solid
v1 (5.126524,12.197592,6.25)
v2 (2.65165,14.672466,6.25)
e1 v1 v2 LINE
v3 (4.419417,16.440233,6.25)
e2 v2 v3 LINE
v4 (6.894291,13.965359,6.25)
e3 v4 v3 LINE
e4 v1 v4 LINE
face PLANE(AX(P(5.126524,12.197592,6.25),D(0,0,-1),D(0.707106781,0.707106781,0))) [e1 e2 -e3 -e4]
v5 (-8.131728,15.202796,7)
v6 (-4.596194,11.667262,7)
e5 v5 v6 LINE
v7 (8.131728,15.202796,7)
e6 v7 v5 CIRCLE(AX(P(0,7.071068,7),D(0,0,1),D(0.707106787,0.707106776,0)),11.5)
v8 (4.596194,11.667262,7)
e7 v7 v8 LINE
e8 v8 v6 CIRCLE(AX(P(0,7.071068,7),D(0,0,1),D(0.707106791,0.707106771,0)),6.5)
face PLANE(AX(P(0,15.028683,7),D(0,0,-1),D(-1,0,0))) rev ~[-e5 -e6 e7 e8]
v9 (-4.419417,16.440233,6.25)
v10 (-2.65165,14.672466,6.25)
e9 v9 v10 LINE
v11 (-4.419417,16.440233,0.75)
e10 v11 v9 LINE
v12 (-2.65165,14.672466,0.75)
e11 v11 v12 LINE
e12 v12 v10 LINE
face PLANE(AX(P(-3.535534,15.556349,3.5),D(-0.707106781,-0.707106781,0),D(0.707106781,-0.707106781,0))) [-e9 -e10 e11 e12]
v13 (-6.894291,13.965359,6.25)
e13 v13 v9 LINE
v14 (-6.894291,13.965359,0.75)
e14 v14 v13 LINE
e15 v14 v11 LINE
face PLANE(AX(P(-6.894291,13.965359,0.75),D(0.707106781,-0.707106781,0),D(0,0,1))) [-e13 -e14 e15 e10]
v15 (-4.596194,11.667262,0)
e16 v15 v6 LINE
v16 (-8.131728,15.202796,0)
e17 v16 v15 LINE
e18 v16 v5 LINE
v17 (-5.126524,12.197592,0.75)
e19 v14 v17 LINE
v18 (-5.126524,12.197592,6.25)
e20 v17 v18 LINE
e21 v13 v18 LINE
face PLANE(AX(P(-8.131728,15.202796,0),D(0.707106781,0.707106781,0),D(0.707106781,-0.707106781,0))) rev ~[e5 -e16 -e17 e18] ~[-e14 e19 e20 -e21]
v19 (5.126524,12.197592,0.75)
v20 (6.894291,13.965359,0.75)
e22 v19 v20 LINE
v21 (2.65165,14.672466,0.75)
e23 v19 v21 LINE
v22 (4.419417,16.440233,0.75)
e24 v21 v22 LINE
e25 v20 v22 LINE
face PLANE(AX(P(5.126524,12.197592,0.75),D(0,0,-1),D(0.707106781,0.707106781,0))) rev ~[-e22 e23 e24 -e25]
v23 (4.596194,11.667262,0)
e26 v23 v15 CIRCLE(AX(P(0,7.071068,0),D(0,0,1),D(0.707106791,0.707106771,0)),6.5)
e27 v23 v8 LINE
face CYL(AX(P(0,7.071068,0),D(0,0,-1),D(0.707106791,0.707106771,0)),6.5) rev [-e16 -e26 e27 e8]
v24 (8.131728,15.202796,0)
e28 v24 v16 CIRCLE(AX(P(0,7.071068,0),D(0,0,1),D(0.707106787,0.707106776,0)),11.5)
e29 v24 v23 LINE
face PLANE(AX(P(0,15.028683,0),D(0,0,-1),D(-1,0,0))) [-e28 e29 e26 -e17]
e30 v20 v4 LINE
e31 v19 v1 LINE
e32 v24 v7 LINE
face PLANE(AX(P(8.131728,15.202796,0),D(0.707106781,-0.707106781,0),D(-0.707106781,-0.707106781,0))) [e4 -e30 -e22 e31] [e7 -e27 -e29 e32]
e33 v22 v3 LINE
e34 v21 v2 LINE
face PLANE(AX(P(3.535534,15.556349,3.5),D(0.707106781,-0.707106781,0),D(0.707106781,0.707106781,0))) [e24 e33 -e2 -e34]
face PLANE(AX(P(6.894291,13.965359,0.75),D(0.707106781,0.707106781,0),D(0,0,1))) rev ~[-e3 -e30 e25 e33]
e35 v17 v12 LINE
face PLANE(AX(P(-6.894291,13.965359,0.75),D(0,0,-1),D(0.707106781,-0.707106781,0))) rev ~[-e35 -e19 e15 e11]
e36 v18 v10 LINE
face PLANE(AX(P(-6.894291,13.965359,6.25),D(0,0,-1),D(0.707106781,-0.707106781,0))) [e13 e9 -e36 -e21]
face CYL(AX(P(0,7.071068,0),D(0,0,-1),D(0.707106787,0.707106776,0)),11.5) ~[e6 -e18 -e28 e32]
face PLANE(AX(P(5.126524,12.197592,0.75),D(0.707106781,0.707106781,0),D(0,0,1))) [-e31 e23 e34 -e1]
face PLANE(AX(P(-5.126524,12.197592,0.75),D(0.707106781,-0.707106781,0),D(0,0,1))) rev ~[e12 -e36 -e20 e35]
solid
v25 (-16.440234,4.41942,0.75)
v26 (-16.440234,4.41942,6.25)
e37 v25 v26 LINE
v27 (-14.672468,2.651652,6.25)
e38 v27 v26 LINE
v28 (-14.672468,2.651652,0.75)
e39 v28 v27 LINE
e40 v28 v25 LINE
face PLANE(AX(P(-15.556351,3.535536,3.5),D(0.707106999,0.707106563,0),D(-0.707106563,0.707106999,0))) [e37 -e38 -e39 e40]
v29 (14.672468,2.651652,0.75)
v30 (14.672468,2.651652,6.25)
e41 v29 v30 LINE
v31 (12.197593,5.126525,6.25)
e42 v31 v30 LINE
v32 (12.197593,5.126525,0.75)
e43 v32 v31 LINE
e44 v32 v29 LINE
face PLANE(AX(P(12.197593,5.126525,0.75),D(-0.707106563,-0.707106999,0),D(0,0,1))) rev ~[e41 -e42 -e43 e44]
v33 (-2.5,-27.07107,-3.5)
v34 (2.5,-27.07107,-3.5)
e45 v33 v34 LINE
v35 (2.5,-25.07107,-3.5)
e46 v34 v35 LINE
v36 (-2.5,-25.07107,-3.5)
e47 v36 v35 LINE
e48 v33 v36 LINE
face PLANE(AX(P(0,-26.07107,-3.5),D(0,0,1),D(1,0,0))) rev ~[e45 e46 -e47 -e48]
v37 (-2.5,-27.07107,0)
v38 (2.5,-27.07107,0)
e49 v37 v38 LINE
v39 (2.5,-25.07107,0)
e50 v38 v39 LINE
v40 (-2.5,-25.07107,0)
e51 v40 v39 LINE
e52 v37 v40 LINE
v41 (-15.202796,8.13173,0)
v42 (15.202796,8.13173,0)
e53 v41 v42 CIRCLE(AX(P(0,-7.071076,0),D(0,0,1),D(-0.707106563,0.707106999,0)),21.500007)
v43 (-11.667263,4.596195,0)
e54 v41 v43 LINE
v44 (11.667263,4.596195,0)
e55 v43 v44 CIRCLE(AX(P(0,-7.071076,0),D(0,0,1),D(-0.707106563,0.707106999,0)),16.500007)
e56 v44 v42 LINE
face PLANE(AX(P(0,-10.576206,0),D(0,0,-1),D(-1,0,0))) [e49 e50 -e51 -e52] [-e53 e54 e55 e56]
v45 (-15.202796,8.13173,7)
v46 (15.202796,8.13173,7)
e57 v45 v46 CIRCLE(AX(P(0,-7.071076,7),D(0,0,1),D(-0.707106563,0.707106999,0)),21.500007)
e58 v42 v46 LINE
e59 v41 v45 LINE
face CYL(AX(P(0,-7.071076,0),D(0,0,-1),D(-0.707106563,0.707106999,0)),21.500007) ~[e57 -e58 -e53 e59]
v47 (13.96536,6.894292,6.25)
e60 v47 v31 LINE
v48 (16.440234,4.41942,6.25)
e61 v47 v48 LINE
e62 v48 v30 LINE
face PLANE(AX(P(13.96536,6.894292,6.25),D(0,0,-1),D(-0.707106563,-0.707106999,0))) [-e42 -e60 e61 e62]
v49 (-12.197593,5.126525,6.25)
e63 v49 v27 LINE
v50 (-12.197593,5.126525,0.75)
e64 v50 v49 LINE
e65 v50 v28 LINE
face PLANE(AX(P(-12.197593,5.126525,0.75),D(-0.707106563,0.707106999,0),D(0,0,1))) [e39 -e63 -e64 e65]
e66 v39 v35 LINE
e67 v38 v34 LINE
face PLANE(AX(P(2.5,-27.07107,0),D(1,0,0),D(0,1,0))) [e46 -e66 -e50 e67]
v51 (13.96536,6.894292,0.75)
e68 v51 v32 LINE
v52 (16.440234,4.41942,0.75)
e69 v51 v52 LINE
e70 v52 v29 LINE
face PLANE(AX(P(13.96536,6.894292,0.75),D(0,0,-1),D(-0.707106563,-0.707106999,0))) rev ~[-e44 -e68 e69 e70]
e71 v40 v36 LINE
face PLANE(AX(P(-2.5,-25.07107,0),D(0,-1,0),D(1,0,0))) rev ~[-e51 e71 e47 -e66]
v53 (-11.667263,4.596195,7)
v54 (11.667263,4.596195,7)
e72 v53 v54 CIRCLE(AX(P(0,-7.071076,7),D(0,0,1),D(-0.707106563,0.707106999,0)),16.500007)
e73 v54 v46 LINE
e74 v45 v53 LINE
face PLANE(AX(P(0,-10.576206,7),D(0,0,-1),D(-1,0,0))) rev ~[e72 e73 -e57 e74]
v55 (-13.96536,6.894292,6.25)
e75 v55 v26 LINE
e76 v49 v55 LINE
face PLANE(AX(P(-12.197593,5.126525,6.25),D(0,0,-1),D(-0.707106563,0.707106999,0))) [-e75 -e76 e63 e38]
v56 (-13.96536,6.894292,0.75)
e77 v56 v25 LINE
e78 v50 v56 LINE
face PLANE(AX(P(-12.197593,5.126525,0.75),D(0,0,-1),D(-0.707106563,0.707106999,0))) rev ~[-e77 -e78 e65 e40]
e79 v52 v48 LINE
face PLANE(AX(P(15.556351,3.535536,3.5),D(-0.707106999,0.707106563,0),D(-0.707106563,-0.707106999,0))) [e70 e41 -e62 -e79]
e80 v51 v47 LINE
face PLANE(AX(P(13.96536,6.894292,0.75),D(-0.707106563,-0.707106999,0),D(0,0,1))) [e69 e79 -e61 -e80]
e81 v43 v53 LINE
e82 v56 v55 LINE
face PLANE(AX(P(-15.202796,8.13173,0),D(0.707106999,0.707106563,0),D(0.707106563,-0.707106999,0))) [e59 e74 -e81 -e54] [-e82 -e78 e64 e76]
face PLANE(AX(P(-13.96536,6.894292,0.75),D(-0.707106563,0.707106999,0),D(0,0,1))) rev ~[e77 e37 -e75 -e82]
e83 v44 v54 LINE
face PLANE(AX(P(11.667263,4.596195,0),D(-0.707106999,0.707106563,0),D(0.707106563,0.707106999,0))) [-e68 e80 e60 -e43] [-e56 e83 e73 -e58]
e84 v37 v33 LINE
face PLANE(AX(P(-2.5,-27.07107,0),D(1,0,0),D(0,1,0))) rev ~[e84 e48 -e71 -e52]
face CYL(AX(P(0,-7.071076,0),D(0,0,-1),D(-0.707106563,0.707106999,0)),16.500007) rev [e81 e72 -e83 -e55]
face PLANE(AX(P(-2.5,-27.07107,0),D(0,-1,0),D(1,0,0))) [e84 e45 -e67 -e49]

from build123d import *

# Parameters (mm, degrees)
PAD_DEPTH       = 7
SKETCH003_W     = 2.5
SKETCH003_H     = 5.5
POCKET_DEPTH    = 3.5
SKETCH004_W     = 2.5
SKETCH004_H     = 5.5
POCKET001_DEPTH = 3.5
PAD001_DEPTH    = 7
SKETCH007_W     = 2.5
SKETCH007_H     = 5.5
POCKET002_DEPTH = 3.5
SKETCH008_W     = 2.5
SKETCH008_H     = 5.5
POCKET003_DEPTH = 3.5
SKETCH009_W     = 5
SKETCH009_H     = 2
PAD002_DEPTH    = 3.5


with BuildPart() as top:
    # Sketch → Pad (new body)
    with BuildSketch(Plane.XY):
        with BuildLine():
            Line((8.1317279832, 15.2027957954), (4.5961940776, 11.6672618892))
            ThreePointArc((4.5961940776, 11.6672618892), (0, 13.5710678493), (-4.5961940776, 11.6672618892))
            Line((-8.1317279832, 15.2027957954), (-4.5961940776, 11.6672618892))
            ThreePointArc((8.1317279832, 15.2027957954), (0, 18.5710678493), (-8.1317279832, 15.2027957954))
        make_face()
    extrude(amount=PAD_DEPTH)

    # Sketch003 (on Face2 of Pad) → Pocket (cut)
    with BuildSketch(Plane(origin=(-3.5355339055, 3.535533905, 0), x_dir=(0.7071067811, 0.7071067812, 0), z_dir=(0.7071067812, -0.7071067811, 0))):
        with Locations((13.5, 3.5)):
            Rectangle(SKETCH003_W, SKETCH003_H)
    extrude(amount=-POCKET_DEPTH, mode=Mode.SUBTRACT)

    # Sketch004 (on Face3 of Pocket) → Pocket001 (cut)
    with BuildSketch(Plane(origin=(3.5355339055, 3.535533905, 0), x_dir=(0.7071067811, -0.7071067812, 0), z_dir=(-0.7071067812, -0.7071067811, 0))):
        with Locations((-13.5, 3.5)):
            Rectangle(SKETCH004_W, SKETCH004_H)
    extrude(amount=-POCKET001_DEPTH, mode=Mode.SUBTRACT)


with BuildPart() as bottom:
    # Sketch006 → Pad001 (new body)
    with BuildSketch(Plane.XY):
        with BuildLine():
            ThreePointArc((-11.6672634162, 4.596194732), (0, -23.5710831296), (11.6672634162, 4.596194732))
            Line((11.6672634162, 4.596194732), (15.2027962317, 8.1317297284))
            ThreePointArc((-15.2027962317, 8.1317297284), (0, -28.5710831296), (15.2027962317, 8.1317297284))
            Line((-15.2027962317, 8.1317297284), (-11.6672634162, 4.596194732))
        make_face()
    extrude(amount=PAD001_DEPTH)

    # Sketch007 (on Face1 of Pad001) → Pocket002 (cut)
    with BuildSketch(Plane(origin=(-3.5355379407, -3.5355357597, 0), x_dir=(-0.7071065631, 0.7071069993, 0), z_dir=(0.7071069993, 0.7071065631, 0))):
        with Locations((13.5, 3.5)):
            Rectangle(SKETCH007_W, SKETCH007_H)
    extrude(amount=-POCKET002_DEPTH, mode=Mode.SUBTRACT)

    # Sketch008 (on Face10 of Pocket002) → Pocket003 (cut)
    with BuildSketch(Plane(origin=(3.5355379407, -3.5355357597, 0), x_dir=(-0.7071065631, -0.7071069993, 0), z_dir=(-0.7071069993, 0.7071065631, 0))):
        with Locations((-13.5, 3.5)):
            Rectangle(SKETCH008_W, SKETCH008_H)
    extrude(amount=-POCKET003_DEPTH, mode=Mode.SUBTRACT)

    # Sketch009 → Pad002 (join)
    with BuildSketch(Plane.XY):
        with Locations((0, -26.0710701628)):
            Rectangle(SKETCH009_W, SKETCH009_H)
    extrude(amount=-PAD002_DEPTH)


solid = Compound([top.part, bottom.part])
